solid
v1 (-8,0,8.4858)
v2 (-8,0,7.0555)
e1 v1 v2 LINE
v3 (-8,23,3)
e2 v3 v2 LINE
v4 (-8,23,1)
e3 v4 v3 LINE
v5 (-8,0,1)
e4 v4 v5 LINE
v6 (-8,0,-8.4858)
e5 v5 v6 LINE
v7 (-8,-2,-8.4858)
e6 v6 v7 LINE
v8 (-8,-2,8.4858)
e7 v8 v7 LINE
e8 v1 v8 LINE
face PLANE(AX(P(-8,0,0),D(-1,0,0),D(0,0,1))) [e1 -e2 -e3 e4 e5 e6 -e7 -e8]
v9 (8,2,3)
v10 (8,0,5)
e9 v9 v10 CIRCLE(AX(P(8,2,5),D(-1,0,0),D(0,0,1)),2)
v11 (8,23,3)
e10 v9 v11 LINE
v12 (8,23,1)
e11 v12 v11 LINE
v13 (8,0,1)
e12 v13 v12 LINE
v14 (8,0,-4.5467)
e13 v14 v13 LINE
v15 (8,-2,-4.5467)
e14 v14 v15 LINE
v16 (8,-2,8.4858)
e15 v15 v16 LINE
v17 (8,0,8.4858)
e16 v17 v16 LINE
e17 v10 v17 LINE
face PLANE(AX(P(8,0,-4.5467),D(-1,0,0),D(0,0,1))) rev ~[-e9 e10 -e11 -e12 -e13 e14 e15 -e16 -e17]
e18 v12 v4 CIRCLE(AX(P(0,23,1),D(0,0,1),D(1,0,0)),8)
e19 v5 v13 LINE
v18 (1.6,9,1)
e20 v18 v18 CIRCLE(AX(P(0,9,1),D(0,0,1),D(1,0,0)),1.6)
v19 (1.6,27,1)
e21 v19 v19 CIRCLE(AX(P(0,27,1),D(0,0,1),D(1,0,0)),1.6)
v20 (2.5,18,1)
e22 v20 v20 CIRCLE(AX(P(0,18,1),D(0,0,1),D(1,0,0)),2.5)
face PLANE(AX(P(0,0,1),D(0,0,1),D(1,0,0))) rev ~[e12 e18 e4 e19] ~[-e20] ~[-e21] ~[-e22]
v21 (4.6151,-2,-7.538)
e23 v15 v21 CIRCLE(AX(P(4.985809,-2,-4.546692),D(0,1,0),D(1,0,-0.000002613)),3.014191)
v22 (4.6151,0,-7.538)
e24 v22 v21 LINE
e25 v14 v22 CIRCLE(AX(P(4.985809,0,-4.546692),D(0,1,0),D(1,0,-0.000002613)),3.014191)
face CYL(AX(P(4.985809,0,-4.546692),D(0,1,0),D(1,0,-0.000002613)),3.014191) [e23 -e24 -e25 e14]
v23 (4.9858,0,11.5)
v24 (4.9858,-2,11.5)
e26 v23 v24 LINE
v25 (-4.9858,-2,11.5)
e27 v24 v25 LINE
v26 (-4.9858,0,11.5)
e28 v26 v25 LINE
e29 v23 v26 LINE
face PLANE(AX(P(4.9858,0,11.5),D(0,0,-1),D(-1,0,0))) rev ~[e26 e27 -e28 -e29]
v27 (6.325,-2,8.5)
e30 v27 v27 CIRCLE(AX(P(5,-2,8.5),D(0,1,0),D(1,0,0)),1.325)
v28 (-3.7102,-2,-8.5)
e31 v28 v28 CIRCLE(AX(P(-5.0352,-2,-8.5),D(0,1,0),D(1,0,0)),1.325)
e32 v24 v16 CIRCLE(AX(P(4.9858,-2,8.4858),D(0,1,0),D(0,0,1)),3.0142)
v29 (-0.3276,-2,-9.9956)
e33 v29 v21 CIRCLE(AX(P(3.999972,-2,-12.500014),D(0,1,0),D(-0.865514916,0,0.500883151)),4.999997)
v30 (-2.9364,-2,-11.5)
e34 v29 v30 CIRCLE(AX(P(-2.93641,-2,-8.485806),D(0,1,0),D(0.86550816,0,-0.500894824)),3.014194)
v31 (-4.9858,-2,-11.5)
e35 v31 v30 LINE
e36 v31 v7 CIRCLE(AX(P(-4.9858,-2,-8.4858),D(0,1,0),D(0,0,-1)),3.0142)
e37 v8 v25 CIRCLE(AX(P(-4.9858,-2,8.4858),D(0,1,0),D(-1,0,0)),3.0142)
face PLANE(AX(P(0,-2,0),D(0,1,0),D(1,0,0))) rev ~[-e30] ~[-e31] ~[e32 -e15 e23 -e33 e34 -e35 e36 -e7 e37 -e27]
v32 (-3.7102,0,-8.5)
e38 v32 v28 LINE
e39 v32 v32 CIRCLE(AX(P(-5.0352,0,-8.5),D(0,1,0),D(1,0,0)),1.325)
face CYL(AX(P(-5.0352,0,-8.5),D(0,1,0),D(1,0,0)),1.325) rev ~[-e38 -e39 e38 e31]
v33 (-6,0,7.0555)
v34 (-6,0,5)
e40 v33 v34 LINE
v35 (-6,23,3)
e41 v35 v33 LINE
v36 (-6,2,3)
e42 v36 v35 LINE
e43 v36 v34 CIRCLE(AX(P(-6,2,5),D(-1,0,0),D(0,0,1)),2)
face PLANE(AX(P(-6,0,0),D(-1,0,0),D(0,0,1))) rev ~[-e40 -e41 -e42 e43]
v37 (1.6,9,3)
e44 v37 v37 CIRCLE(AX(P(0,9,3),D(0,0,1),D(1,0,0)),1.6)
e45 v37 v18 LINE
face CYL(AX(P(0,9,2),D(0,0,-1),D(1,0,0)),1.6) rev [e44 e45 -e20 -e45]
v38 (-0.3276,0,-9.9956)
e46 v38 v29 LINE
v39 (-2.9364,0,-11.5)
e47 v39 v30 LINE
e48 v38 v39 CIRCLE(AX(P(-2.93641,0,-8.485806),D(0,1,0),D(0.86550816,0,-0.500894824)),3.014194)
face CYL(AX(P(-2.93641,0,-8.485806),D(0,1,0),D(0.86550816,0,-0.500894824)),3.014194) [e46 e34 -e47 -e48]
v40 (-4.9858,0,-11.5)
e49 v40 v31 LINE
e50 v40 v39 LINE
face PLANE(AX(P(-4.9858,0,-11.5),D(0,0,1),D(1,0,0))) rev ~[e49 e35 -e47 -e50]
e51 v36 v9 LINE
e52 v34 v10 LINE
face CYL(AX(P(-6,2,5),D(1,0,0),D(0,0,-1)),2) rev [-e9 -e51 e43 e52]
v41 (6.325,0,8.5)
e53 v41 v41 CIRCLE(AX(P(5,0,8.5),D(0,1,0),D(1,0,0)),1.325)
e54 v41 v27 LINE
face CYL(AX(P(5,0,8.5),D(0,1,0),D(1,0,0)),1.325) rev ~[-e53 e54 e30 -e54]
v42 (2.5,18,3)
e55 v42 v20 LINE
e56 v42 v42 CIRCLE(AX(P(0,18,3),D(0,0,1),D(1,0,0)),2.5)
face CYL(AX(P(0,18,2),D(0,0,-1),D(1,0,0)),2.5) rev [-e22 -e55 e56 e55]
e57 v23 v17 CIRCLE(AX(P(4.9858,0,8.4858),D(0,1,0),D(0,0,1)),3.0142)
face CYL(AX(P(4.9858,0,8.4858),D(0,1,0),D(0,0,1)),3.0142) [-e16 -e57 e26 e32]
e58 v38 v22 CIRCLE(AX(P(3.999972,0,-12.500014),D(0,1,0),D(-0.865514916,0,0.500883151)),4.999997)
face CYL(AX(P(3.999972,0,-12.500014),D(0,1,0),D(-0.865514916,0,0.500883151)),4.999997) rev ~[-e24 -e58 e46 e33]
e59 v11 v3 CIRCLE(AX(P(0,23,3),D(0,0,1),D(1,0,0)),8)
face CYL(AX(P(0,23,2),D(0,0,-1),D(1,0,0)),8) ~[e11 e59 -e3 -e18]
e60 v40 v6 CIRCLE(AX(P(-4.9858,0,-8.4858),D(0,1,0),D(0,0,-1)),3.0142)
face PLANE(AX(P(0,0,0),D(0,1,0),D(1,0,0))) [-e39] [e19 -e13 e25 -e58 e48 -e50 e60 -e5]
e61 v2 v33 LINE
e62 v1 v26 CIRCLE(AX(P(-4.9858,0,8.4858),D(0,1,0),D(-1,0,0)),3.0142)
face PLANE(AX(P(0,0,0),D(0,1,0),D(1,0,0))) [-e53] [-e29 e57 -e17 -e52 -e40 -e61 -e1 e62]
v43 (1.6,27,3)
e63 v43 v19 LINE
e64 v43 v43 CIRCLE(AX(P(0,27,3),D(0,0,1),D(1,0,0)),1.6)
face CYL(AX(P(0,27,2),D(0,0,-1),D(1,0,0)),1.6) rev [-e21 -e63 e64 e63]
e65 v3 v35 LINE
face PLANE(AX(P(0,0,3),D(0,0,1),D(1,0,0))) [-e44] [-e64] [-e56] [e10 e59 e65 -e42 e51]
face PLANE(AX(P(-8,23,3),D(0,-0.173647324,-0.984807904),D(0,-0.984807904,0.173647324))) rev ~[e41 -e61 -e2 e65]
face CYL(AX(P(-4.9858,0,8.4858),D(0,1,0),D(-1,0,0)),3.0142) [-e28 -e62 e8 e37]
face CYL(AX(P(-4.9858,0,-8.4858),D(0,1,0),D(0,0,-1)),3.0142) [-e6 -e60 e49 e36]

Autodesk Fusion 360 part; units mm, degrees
sketch "Sketch1" plane through (0, 0, 0) normal (0, 1, 0) x (1, 0, 0)
  line L0 (-4.9858, 11.5) -> (-2.9364, 11.5)
  line L1 (8, 4.5467) -> (8, -8.4858)
  line L2 (4.9858, -11.5) -> (-4.9858, -11.5)
  line L3 (-8, -8.4858) -> (-8, 8.4858)
  line L4 (-8, 11.5) -> (8, -11.5) construction
  line L5 (8, 11.5) -> (-8, -11.5) construction
  circle A0 centre (-5.0352, 8.5) radius 1.325
  arc A1 (-0.3276, 9.9956) -> (4.6151, 7.538) centre (4, 12.5) ccw
  arc A2 (-4.9858, 11.5) -> (-8, 8.4858) centre (-4.9858, 8.4858) ccw
  arc A3 (-0.3276, 9.9956) -> (-2.9364, 11.5) centre (-2.9364, 8.4858) ccw
  arc A4 (8, 4.5467) -> (4.6151, 7.538) centre (4.9858, 4.5467) ccw
  arc A5 (4.9858, -11.5) -> (8, -8.4858) centre (4.9858, -8.4858) ccw
  arc A6 (-8, -8.4858) -> (-4.9858, -11.5) centre (-4.9858, -8.4858) ccw
  circle A7 centre (5, -8.5) radius 1.325
  dimension "d74" = 10
  dimension "d75" = 12
  dimension "d76" = 2.65
  dimension "d77" = 3
  dimension "d79" = 4
  dimension "d81" = 2.65
  dimension "d82" = 3
  dimension "d83" = 3
  dimension "d84" = 16
  dimension "d85" = 23
extrude "Extrude1" add sketch "Sketch1" against normal blind 2
ref_plane "WorkPlane1" through (0, 0, 2) normal (0, 0, 1) x (1, 0, 0)
sketch "Sketch14" plane through (0, 0, 2) normal (0, 0, 1) x (1, 0, 0)
  line L0 (-8, 0) -> (8, 0)
  circle A0 centre (0, 18) radius 2.5
  circle A1 centre (0, 27) radius 1.6
  arc A2 (8, 23) -> (0, 31) centre (0, 23) ccw
  line L1 (-8, 23) -> (-8, 0)
  arc A3 (0, 31) -> (-8, 23) centre (0, 23) ccw
  line L2 (8, 0) -> (8, 23)
  circle A4 centre (0, 9) radius 1.6
  point P0 (-8, 31)
  dimension "d64" = 16
  dimension "d65" = 31
  dimension "d66" = 3.2
  dimension "d67" = 3.2
  dimension "d68" = 18
  dimension "d69" = 5
  dimension "d70" = 9
  dimension "d71" = 8
extrude "Extrude8" add sketch "Sketch14" along normal mid plane 2
sketch "Sketch16" plane through (-8, 0, 0) normal (-1, 0, 0) x (0, 0, 1)
  line L0 (8.4858, 0) -> (3, 0)
  line L1 (3, 0) -> (3, 23)
  line L2 (3, 23) -> (1, 23)
  line L3 (1, 23) -> (1, 0)
  line L4 (1, 0) -> (-8.4858, 0)
  line L5 (-8.4858, 0) -> (-8.4858, -2)
  line L6 (-8.4858, -2) -> (8.4858, -2)
  line L7 (8.4858, -2) -> (8.4858, 0)
  line L8 (3, 23) -> (7.0555, 0)
  line L9 (3, 23) -> (26.3548, 23) construction
  dimension "d86" = 80
extrude "Extrude9" add sketch "Sketch16" against normal blind 2 contours L0 L1 L8
fillet "Fillet3" radius 2 1 edges at (1, 0, 3)
equation "d65 = 26 mm + 5 mm"
equation "d71 = ( 16 / 2 ) * 1 mm"
equation "d72 = ( 2 / 2 ) * 1 mm"
